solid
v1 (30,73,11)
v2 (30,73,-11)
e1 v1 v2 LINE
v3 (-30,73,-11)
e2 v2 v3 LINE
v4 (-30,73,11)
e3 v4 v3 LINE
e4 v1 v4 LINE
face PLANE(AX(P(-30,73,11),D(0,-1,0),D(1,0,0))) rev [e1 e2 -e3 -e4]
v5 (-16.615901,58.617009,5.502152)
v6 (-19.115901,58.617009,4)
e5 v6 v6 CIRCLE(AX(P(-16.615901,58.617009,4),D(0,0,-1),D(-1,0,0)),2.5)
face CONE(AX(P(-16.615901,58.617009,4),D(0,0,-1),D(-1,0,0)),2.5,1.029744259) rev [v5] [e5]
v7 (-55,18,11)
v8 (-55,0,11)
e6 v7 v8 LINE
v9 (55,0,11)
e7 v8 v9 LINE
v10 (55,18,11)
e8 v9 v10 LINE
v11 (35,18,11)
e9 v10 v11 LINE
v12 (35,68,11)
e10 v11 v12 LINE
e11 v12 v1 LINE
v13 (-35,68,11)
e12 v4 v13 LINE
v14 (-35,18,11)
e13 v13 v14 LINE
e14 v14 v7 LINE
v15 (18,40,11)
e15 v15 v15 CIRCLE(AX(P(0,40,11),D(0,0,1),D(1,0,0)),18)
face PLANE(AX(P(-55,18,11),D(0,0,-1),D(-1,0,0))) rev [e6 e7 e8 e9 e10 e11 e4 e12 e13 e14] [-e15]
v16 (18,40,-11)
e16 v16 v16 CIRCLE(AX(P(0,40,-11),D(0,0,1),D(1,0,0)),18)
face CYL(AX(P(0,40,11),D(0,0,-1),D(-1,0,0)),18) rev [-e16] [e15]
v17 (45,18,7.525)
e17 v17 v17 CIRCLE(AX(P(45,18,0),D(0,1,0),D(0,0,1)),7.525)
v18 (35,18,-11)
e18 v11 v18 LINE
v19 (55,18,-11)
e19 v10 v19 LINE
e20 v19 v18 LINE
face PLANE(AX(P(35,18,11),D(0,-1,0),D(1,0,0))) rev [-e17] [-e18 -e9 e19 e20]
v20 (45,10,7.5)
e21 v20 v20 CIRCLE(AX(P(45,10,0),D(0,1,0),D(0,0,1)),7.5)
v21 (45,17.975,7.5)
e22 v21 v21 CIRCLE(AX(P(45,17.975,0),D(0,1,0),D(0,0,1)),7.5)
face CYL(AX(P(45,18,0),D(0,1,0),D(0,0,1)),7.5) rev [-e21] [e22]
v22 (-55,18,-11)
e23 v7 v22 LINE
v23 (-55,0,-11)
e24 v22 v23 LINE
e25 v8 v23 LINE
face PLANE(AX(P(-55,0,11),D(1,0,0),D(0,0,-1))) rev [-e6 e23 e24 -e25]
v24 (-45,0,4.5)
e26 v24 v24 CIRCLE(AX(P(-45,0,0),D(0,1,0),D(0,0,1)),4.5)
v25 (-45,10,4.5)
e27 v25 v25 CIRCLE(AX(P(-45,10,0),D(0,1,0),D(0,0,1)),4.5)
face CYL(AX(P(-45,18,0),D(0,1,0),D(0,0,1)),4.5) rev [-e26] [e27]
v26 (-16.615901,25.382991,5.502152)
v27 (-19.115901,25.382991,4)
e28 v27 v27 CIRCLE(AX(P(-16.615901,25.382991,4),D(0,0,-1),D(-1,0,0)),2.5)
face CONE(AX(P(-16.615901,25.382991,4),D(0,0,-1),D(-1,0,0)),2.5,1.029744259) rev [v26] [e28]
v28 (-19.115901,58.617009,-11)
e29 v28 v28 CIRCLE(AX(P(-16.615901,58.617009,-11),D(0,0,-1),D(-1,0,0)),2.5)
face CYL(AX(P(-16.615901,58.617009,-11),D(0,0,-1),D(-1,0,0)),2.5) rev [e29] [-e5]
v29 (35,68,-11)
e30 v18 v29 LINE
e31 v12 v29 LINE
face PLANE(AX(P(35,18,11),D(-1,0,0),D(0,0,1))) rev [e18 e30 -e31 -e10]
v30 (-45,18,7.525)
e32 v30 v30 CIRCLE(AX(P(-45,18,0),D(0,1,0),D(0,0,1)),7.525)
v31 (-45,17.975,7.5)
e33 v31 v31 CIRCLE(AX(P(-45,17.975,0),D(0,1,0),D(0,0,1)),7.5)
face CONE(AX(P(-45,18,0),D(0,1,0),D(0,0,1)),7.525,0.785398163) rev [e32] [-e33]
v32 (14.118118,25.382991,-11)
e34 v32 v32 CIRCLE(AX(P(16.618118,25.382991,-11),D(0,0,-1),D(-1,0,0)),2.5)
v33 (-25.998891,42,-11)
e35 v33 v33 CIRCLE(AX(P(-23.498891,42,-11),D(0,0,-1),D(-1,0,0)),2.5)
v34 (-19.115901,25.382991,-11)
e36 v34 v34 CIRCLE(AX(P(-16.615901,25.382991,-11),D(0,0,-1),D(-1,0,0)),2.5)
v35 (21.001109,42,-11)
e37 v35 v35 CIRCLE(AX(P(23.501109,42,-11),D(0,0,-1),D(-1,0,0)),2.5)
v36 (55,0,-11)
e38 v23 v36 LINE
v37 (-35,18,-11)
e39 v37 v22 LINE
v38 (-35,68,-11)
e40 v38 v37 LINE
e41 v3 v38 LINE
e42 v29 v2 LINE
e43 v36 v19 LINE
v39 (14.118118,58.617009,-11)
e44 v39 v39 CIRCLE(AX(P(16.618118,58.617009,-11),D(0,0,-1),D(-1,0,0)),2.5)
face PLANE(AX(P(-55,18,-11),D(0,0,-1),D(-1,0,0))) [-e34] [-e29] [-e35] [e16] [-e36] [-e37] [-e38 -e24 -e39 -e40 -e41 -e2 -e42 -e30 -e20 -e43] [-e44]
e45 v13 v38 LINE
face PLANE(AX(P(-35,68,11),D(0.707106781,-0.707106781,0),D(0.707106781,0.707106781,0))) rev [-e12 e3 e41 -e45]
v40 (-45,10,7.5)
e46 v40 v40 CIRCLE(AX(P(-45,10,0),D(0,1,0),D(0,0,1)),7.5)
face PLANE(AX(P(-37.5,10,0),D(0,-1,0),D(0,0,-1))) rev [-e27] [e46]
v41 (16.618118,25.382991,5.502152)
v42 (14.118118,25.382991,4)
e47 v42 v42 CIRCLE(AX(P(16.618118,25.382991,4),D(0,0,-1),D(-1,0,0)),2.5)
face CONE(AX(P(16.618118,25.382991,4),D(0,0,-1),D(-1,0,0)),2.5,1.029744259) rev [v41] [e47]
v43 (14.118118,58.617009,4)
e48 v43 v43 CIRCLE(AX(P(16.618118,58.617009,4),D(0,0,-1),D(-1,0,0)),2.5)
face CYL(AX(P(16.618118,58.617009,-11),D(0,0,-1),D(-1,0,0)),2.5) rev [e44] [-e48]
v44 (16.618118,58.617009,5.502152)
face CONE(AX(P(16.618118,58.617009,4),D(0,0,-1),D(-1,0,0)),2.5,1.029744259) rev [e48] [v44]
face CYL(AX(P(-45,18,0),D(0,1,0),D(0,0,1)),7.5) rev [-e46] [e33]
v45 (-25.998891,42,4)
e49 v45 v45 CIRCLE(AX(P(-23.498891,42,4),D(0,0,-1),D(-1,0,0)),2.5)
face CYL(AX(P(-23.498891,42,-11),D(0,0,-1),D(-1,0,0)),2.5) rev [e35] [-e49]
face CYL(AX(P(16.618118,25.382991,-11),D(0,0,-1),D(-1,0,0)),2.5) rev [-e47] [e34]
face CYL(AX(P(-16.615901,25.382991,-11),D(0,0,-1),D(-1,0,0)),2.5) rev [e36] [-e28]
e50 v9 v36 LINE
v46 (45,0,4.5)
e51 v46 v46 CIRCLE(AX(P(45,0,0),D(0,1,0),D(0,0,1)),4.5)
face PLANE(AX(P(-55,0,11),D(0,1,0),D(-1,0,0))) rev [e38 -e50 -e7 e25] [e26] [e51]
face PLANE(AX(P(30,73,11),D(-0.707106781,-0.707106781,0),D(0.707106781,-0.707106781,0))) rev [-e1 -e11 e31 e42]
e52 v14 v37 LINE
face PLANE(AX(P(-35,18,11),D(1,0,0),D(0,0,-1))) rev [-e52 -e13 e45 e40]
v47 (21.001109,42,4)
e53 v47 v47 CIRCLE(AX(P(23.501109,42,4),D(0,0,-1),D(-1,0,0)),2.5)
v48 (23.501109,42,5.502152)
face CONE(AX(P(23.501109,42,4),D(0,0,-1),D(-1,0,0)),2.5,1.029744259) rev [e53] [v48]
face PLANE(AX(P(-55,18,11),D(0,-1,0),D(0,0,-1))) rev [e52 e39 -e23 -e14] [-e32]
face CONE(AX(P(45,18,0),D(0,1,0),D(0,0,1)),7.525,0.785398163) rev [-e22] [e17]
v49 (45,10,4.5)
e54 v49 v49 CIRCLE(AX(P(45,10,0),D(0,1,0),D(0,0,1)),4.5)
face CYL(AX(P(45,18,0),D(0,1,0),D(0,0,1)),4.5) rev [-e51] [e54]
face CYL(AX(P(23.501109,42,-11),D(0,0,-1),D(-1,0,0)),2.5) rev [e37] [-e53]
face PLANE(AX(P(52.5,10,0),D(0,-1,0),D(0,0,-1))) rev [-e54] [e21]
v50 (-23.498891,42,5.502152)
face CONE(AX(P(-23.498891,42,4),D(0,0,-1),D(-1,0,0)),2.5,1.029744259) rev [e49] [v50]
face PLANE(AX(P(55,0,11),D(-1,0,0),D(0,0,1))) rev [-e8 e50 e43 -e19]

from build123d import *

# Parameters (mm, degrees)
SKETCH_1_R                  = 18
EXTRUDE_1_DEPTH             = 11
HOLE_WIZARD_M8_1_AT_2_COUNT = 2
HOLE_WIZARD_M8_1_AT_2_PITCH = 90
HOLE_WIZARD_M6_1_D          = 5
HOLE_WIZARD_M6_1_DEPTH      = 15
HOLE_WIZARD_M6_1_TIP        = 1.502151548


with BuildPart() as part:
    # 草图1 → 拉伸1 (new, symmetric)
    with BuildSketch(Plane.XY):
        Polygon((35, 18), (55, 18), (55, 0), (-55, 0), (-55, 18), (-35, 18), (-35, 68), (-30, 73), (30, 73), (35, 68), align=None)
        with Locations((0, 40)):
            Circle(SKETCH_1_R, mode=Mode.SUBTRACT)
    extrude(amount=EXTRUDE_1_DEPTH, both=True)

    # 草图2 → M8 六角凹头螺钉的柱形沉头孔1 (revolve, cut)
    with BuildSketch(Plane(origin=(-45, 18, 0), x_dir=(0, 0, 1), z_dir=(1, 0, 0))):
        Polygon((0, 0), (0, 18), (4.5, 18), (4.5, 8), (7.5, 8), (7.5, 0.025), (7.525, 0), align=None)
    hole_wizard_m8_1 = revolve(axis=Axis((-45, 24.35, 0), (0, -1, 0)), mode=Mode.SUBTRACT)

    # M8 六角凹头螺钉的柱形沉头孔1 at 2: M8 六角凹头螺钉的柱形沉头孔1 ×2
    with Locations(*[(i * HOLE_WIZARD_M8_1_AT_2_PITCH, 0, 0) for i in range(1, HOLE_WIZARD_M8_1_AT_2_COUNT)]):
        add(hole_wizard_m8_1, mode=Mode.SUBTRACT)

    # M6 螺纹孔1
    with Locations(Plane(origin=(0, 0, -11), x_dir=(-1, 0, 0), z_dir=(0, 0, -1))):
        with Locations((16.615900688, 25.382990642), (-16.618118028, 25.382990642), (-23.50110867, 42), (-16.618118028, 58.617009358), (16.615900688, 58.617009358), (23.49889133, 42)):
            Hole(HOLE_WIZARD_M6_1_D / 2, depth=HOLE_WIZARD_M6_1_DEPTH)
            with Locations((0, 0, -(HOLE_WIZARD_M6_1_DEPTH + HOLE_WIZARD_M6_1_TIP / 2))):  # 118° drill point
                Cone(0, HOLE_WIZARD_M6_1_D / 2, HOLE_WIZARD_M6_1_TIP, mode=Mode.SUBTRACT)


solid = part.part
